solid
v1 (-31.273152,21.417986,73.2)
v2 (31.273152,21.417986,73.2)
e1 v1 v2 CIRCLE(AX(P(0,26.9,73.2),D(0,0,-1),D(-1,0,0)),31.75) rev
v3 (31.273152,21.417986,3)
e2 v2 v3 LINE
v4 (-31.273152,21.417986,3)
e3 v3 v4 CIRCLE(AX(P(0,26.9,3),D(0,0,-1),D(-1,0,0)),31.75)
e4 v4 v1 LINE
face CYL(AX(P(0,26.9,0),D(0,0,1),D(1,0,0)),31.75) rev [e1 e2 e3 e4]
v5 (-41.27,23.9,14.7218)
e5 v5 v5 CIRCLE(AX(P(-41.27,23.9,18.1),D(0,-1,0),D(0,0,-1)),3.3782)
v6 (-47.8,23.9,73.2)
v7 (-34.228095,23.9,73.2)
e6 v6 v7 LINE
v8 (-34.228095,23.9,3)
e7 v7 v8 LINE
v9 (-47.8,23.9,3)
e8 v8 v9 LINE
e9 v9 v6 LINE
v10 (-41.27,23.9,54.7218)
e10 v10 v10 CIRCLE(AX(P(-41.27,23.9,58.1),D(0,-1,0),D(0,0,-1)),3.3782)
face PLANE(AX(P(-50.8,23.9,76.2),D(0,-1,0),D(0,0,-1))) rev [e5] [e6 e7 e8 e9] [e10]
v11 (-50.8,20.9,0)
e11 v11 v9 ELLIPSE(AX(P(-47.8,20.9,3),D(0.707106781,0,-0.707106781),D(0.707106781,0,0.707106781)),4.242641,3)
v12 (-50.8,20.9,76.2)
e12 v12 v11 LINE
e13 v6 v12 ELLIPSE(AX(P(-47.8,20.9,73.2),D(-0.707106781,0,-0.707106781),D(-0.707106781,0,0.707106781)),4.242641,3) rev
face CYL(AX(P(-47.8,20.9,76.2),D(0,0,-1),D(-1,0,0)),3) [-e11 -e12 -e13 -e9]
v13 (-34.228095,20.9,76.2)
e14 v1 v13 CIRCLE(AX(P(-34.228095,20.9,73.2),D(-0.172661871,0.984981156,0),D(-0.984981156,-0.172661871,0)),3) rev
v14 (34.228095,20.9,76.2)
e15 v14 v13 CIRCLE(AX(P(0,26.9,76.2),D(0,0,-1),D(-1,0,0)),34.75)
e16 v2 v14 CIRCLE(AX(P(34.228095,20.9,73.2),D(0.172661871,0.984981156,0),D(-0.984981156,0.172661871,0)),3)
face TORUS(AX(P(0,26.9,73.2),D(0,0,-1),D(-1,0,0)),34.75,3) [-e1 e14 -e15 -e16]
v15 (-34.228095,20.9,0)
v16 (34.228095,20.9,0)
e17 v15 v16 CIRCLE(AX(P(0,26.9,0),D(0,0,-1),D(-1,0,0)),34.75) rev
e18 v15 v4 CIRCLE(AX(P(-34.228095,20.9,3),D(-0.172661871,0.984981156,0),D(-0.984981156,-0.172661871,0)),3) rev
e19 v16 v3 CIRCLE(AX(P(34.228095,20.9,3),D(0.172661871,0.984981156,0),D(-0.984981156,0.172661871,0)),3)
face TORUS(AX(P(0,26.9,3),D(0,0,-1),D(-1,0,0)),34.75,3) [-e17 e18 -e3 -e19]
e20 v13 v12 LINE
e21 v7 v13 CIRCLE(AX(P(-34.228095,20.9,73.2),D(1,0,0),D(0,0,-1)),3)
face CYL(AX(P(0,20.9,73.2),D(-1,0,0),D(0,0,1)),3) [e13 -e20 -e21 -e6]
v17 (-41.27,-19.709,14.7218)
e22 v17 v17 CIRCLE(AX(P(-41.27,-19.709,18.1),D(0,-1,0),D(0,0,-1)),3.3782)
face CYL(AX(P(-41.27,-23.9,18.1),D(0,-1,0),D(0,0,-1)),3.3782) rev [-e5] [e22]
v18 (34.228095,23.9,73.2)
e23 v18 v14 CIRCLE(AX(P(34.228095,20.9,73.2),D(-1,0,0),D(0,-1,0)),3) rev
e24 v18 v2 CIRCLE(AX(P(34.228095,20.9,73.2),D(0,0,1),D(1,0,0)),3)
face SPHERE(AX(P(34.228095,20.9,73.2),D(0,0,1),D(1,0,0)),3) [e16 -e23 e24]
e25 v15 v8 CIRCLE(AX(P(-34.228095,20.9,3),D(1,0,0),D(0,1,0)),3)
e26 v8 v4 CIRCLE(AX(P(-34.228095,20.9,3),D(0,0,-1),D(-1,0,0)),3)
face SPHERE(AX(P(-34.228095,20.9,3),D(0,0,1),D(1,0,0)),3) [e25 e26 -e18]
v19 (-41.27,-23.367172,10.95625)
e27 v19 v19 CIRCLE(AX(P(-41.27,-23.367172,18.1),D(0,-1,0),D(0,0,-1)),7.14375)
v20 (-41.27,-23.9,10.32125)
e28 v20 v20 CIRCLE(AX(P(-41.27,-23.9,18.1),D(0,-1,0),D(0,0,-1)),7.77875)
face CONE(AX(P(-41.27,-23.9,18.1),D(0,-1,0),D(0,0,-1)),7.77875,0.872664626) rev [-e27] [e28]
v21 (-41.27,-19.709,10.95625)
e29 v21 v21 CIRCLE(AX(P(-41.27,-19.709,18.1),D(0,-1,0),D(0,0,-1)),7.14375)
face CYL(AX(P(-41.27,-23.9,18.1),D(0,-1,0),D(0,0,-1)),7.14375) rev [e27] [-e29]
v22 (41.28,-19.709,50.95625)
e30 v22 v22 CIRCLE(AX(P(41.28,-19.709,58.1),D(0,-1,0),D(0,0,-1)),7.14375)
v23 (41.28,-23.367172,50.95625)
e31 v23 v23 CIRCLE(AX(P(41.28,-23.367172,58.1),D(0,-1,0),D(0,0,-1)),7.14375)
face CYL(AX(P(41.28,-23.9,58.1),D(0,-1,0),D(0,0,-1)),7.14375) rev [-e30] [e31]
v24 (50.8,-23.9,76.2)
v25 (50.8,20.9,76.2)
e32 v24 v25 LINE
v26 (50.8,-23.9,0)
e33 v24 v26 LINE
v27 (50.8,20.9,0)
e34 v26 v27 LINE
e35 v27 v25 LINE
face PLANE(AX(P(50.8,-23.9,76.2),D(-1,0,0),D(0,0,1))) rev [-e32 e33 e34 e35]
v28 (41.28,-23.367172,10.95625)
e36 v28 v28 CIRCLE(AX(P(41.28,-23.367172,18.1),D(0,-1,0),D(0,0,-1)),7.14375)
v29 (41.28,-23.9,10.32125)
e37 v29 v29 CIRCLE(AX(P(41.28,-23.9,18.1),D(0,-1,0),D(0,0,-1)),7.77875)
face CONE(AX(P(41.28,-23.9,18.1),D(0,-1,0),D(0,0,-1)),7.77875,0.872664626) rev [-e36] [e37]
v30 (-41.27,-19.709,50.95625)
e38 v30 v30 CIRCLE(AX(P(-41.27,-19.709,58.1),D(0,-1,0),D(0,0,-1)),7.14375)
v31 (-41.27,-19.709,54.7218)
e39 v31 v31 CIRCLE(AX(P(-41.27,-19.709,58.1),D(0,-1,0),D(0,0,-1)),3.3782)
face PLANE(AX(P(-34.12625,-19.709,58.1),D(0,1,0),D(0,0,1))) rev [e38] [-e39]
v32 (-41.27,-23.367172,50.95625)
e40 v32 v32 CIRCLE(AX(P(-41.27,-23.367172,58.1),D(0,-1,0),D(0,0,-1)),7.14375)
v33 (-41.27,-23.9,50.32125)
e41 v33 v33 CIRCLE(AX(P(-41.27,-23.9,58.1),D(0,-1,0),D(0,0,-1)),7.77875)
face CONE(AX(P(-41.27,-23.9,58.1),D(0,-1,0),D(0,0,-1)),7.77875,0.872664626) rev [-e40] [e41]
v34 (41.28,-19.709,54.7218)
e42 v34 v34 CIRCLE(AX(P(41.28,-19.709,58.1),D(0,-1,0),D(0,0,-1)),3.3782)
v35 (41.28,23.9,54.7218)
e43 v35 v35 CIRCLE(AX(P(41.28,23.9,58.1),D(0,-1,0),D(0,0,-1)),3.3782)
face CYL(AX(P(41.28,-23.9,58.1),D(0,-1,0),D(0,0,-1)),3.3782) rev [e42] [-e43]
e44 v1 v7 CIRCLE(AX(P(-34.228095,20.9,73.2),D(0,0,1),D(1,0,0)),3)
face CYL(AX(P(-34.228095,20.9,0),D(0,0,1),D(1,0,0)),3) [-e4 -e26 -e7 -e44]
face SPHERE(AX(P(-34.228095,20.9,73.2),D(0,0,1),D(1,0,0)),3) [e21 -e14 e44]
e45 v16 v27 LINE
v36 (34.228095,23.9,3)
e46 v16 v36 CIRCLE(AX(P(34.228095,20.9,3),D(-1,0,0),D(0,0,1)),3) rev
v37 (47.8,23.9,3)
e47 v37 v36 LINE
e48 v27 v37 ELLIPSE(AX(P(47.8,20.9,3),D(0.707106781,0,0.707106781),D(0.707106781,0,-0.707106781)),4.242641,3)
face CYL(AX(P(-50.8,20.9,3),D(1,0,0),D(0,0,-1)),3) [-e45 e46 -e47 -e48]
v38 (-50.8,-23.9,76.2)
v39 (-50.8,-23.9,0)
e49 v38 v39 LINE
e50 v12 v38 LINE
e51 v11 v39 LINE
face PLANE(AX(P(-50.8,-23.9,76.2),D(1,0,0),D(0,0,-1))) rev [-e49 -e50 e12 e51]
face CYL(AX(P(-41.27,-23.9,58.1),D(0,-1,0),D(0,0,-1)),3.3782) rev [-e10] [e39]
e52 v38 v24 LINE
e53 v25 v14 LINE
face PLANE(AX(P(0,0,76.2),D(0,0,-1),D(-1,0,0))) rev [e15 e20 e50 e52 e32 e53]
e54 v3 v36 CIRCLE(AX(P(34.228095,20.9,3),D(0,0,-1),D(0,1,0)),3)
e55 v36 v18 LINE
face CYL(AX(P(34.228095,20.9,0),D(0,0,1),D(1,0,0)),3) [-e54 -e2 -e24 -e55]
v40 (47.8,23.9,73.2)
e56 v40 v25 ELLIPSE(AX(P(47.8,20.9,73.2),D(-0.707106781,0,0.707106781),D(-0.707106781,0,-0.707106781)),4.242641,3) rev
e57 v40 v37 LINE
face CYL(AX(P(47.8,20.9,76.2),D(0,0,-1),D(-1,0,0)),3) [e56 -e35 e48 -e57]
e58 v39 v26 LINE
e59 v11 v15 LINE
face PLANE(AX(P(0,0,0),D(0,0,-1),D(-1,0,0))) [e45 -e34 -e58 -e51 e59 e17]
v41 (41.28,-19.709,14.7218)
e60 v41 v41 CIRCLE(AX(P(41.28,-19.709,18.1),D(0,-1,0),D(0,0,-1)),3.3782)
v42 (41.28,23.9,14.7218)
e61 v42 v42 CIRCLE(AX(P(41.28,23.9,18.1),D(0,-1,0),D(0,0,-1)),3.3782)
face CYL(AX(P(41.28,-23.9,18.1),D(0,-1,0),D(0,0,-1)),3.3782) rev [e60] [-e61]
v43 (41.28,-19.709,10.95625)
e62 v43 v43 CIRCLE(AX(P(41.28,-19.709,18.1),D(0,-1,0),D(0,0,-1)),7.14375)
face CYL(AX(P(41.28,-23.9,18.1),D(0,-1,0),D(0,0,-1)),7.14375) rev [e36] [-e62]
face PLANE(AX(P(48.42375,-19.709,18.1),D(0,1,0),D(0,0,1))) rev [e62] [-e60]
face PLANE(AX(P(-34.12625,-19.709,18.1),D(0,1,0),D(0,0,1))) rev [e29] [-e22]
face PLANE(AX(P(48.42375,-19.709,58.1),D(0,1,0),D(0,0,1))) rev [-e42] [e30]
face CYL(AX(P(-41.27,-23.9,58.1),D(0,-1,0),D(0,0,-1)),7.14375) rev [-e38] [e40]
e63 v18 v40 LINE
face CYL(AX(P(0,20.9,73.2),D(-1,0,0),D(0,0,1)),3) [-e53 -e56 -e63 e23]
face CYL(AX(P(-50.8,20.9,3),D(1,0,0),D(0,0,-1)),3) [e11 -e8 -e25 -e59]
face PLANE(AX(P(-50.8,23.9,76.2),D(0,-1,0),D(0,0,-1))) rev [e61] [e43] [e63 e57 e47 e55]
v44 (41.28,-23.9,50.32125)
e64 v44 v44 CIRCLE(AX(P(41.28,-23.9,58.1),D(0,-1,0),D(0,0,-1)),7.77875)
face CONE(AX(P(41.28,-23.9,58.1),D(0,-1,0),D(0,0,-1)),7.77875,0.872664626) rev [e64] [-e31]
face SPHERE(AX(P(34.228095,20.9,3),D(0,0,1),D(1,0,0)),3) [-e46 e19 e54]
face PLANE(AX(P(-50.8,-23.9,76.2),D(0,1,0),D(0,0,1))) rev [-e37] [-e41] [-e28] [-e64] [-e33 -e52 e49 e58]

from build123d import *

# Parameters (mm, degrees)
SKETCH1_W            = 101.6
SKETCH1_H            = 47.8
BOSS_EXTRUDE1_DEPTH  = 76.2
SKETCH2_R            = 31.75
CUT_EXTRUDE1_DEPTH   = 95.648243512
FILLET1_R            = 3
LPATTERN1_COUNT      = 2
LPATTERN1_PITCH      = 82.55
LPATTERN1_COUNT_DIR2 = 2
LPATTERN1_PITCH_DIR2 = 40


with BuildPart() as part:
    # Sketch1 → Boss-Extrude1 (new body)
    with BuildSketch(Plane.XY):
        Rectangle(SKETCH1_W, SKETCH1_H)
    extrude(amount=BOSS_EXTRUDE1_DEPTH)

    # Sketch2 → Cut-Extrude1 (cut, through all)
    with BuildSketch(Plane.XY.offset(76.2)):
        with Locations((0, 26.9)):
            Circle(SKETCH2_R)
    extrude(amount=-CUT_EXTRUDE1_DEPTH, mode=Mode.SUBTRACT)

    # Fillet1
    fillet1_edges = [part.edges().sort_by_distance(p)[0] for p in [
        (-41.203974975, 23.9, 0),
        (-41.203974975, 23.9, 76.2),
        (0, -4.85, 76.2),
        (0, -4.85, 0),
        (31.607949949, 23.9, 38.1),
        (-31.607949949, 23.9, 38.1),
        (41.203974975, 23.9, 0),
        (-50.8, 23.9, 38.1),
        (50.8, 23.9, 38.1),
        (41.203974975, 23.9, 76.2),
    ]]
    fillet(fillet1_edges, radius=FILLET1_R)

    # Sketch4 → CBORE for 1/4 Binding Head Machine Screw1 (revolve, cut)
    with BuildSketch(Plane(origin=(-41.27, -23.9, 58.1), x_dir=(0, 0, -1), z_dir=(1, 0, 0))):
        Polygon((0, 0), (0, 47.8), (3.3782, 47.8), (3.3782, 4.191), (7.14375, 4.191), (7.14375, 0.532828266), (7.77875, 0), align=None)
    cbore_for_1_4_binding_head_machine_screw = revolve(axis=Axis((-41.27, -30.25, 58.1), (0, 1, 0)), mode=Mode.SUBTRACT)

    # LPattern1: CBORE for 1_4 Binding Head Machine Screw 2 × 2
    with Locations(*[(i * LPATTERN1_PITCH, 0, -j * LPATTERN1_PITCH_DIR2) for i in range(LPATTERN1_COUNT) for j in range(LPATTERN1_COUNT_DIR2) if (i, j) != (0, 0)]):
        add(cbore_for_1_4_binding_head_machine_screw, mode=Mode.SUBTRACT)


solid = part.part
